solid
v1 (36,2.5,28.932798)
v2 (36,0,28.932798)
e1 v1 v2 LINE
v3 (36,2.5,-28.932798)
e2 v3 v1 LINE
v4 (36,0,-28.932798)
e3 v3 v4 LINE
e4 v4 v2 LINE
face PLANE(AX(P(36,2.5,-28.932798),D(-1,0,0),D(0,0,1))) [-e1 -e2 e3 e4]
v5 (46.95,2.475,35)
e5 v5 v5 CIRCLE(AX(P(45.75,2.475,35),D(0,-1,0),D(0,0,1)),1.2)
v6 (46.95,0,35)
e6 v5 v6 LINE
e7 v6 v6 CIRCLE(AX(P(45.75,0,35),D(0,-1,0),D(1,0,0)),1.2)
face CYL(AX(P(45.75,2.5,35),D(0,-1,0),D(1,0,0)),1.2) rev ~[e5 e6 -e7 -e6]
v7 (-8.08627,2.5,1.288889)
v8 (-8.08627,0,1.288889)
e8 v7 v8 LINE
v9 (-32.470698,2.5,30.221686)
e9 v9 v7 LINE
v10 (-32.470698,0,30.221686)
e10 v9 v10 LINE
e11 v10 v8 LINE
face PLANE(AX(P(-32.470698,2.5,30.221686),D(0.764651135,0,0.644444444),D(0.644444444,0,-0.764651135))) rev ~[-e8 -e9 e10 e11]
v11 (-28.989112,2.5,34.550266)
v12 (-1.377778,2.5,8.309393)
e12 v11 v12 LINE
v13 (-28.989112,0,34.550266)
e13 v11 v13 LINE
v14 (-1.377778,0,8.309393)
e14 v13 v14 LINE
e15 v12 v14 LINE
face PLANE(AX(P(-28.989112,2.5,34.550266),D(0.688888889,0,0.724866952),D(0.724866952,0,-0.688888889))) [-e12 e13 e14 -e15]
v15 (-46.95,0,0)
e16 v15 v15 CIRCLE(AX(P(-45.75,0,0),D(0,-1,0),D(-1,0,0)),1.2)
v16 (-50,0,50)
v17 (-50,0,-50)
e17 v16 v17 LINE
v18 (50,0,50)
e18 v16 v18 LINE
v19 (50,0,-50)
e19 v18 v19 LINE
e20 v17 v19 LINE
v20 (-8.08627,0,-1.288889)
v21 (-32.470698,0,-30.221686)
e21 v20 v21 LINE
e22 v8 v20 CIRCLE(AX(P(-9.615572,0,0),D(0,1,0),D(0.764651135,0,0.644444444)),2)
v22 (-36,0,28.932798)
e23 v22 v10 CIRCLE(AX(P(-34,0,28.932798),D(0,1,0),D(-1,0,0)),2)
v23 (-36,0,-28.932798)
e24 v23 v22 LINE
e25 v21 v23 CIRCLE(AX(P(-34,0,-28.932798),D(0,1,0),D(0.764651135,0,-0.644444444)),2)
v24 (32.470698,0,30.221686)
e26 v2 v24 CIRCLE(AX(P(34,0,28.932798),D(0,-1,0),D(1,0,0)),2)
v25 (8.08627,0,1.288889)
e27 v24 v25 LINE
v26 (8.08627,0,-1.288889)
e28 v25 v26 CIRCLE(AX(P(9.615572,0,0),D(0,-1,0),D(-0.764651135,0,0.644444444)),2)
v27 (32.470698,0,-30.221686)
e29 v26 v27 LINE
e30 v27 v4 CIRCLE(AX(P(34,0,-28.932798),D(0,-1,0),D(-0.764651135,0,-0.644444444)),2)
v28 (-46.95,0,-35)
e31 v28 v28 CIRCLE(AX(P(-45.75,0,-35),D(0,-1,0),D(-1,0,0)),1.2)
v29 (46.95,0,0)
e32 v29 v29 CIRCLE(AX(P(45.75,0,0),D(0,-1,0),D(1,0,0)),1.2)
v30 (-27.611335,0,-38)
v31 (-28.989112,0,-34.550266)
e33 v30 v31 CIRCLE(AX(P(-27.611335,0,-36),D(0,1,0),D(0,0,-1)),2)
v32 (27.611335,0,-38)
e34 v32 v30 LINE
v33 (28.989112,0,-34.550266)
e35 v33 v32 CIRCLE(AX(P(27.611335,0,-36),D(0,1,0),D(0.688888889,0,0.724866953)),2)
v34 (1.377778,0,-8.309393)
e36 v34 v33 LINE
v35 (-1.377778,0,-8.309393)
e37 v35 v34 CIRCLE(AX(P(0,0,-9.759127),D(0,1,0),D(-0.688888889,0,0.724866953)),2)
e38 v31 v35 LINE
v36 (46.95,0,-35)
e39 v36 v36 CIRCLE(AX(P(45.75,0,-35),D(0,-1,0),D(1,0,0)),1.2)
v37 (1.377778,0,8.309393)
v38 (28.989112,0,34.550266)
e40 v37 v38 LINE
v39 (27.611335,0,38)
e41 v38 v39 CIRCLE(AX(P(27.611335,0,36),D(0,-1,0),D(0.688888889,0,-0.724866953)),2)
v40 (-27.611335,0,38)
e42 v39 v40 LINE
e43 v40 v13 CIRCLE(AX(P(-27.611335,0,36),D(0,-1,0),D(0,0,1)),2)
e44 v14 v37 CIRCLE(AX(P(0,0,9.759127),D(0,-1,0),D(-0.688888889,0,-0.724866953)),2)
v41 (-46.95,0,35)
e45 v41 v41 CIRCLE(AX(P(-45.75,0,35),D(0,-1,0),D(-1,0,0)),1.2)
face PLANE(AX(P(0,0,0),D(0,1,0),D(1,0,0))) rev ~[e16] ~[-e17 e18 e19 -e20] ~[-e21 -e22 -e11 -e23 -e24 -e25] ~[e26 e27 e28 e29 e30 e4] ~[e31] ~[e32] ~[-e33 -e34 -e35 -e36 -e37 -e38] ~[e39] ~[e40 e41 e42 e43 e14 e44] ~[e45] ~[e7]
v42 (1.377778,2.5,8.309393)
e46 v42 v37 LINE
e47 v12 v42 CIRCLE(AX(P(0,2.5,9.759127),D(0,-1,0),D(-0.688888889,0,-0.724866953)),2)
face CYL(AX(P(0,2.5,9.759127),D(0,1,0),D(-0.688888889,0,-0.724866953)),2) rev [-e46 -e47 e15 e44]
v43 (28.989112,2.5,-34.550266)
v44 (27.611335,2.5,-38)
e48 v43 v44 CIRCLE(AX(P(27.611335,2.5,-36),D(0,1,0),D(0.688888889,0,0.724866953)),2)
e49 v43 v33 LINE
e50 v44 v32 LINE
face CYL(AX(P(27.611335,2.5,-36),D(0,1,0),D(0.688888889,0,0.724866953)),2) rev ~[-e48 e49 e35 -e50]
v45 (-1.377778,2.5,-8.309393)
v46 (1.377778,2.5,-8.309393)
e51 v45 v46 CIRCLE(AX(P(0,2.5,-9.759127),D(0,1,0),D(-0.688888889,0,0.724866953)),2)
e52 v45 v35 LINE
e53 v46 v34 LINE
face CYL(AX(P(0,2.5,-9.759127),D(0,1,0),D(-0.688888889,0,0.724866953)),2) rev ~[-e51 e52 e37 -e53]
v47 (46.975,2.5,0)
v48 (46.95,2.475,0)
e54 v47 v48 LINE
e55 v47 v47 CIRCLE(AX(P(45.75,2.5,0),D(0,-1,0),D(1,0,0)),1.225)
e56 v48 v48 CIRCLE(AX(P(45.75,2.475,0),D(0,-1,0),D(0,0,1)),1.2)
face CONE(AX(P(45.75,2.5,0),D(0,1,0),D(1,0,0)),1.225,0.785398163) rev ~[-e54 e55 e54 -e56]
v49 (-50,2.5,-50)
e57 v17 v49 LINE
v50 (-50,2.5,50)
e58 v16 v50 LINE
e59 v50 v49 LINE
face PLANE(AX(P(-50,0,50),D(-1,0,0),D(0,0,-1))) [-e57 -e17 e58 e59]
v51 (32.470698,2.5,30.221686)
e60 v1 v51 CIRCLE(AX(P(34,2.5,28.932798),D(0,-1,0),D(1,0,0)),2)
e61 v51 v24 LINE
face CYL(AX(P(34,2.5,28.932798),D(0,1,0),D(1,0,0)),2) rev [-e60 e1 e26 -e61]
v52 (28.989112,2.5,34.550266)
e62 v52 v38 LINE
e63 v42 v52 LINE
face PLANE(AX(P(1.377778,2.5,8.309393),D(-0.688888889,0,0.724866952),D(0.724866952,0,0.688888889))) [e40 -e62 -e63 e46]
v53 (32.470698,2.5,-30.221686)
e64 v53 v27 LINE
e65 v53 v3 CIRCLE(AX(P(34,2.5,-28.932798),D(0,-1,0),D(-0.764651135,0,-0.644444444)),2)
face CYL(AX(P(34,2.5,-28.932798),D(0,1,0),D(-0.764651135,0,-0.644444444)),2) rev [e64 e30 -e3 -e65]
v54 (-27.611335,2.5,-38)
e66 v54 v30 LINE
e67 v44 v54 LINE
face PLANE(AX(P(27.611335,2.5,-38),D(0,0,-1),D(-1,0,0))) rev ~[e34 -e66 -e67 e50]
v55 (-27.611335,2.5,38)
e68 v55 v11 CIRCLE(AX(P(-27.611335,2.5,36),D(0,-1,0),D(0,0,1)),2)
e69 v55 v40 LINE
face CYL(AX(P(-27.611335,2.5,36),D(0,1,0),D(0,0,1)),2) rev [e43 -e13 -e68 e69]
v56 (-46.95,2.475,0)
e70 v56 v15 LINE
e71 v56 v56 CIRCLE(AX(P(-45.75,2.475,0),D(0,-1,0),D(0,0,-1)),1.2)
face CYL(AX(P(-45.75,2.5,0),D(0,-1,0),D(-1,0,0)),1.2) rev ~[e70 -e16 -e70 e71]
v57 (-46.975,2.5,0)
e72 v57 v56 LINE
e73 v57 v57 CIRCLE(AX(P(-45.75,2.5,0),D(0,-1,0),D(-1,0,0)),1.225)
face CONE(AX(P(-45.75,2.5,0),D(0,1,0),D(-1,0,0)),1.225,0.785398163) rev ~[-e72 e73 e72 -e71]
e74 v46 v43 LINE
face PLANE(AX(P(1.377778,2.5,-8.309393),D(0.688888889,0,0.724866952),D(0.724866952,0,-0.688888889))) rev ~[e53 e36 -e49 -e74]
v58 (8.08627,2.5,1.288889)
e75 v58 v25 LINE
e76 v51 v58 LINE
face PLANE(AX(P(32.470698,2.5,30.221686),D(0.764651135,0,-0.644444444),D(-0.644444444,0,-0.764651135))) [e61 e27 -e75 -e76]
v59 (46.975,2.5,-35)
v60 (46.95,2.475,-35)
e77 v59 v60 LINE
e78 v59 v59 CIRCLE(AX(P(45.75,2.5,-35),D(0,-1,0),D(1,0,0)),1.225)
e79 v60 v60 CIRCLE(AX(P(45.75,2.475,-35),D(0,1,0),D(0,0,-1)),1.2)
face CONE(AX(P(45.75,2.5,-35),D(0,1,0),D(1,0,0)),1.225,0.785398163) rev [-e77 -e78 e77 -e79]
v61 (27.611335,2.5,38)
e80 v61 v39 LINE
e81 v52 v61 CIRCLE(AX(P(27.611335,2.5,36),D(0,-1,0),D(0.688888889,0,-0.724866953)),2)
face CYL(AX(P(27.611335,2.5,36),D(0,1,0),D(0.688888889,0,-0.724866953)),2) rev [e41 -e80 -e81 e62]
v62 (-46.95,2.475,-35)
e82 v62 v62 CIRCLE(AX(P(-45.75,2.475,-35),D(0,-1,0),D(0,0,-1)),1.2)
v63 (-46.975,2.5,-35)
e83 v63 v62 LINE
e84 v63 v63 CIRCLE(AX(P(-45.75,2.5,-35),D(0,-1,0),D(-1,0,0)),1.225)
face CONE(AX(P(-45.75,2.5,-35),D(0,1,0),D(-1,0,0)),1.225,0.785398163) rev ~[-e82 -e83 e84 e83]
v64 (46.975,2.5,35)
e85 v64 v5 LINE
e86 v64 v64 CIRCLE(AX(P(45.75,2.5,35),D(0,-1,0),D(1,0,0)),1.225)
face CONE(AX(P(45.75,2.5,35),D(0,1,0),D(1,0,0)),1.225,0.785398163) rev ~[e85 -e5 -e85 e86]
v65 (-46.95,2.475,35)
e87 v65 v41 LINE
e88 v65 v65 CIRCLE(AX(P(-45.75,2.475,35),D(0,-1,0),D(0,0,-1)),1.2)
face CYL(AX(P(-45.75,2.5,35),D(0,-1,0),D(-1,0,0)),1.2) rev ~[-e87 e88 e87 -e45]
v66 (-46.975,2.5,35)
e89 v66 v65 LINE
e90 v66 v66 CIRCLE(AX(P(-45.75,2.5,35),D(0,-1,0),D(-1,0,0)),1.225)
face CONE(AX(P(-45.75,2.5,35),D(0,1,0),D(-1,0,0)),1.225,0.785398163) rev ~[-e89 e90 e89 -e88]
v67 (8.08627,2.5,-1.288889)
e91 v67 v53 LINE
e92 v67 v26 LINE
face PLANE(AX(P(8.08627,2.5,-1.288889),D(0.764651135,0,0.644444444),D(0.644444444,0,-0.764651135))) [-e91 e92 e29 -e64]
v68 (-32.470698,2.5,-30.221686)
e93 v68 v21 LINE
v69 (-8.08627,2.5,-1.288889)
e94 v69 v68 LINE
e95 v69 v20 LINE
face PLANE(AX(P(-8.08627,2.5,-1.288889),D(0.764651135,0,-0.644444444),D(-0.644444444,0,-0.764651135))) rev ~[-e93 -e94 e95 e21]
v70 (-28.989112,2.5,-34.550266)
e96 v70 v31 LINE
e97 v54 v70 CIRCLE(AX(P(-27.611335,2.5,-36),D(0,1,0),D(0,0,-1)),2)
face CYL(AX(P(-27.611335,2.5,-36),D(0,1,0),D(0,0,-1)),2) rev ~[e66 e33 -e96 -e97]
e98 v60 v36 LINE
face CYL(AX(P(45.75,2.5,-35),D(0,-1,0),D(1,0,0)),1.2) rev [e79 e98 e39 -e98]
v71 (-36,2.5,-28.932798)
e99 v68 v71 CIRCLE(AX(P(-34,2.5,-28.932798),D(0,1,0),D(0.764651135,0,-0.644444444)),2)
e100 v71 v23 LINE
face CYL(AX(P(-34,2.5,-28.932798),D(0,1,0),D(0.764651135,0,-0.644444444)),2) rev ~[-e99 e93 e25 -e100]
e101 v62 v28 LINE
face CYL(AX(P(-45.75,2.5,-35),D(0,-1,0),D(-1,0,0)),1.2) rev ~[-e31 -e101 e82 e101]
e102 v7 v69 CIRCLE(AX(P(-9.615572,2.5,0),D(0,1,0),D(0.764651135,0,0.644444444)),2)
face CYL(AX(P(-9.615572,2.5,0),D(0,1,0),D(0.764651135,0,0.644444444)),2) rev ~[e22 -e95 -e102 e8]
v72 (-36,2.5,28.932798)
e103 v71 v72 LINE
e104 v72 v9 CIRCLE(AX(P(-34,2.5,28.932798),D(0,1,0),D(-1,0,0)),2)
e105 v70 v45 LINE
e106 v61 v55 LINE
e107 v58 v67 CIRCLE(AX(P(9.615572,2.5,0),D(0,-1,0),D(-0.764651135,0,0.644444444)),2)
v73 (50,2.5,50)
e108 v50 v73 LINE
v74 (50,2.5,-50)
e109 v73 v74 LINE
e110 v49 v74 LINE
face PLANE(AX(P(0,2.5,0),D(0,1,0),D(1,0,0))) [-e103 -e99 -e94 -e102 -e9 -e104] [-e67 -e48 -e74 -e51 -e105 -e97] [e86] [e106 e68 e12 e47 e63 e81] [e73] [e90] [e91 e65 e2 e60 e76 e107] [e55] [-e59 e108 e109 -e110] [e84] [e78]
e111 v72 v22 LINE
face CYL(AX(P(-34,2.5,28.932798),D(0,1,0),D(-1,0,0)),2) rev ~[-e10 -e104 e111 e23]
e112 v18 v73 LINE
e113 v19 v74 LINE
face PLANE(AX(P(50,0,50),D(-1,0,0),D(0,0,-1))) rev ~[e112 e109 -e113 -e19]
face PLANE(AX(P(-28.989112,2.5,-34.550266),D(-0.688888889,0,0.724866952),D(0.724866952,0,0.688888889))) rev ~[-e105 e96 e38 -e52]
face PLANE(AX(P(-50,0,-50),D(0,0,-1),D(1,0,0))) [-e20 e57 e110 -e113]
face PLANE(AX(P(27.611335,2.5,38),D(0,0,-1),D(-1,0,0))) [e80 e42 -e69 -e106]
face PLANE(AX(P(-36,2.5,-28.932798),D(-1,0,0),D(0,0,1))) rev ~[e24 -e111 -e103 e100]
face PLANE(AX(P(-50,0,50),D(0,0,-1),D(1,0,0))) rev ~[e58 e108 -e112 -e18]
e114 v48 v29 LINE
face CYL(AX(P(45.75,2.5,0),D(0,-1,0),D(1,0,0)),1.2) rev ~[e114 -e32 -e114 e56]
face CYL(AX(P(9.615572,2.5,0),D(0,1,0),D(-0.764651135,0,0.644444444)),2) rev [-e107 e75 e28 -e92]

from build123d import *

# Parameters (mm, degrees)
SKETCH2_W                      = 100
SKETCH2_H                      = 100
BOSS_EXTRUDE1_DEPTH            = 2.5
M2_CLEARANCE_HOLE1_D           = 2.4
M2_CLEARANCE_HOLE1_CSINK_D     = 2.45
M2_CLEARANCE_HOLE1_CSINK_ANGLE = 90
LPATTERN1_COUNT                = 3
LPATTERN1_PITCH                = 35
MIRROR1_COPY_1_D               = 2.4
MIRROR1_COPY_1_CSINK_D         = 2.45
MIRROR1_COPY_1_CSINK_ANGLE     = 90
MIRROR1_COPY_2_D               = 2.4
MIRROR1_COPY_2_CSINK_D         = 2.45
MIRROR1_COPY_2_CSINK_ANGLE     = 90
CUT_EXTRUDE1_DEPTH             = 2.5


with BuildPart() as part:
    # Sketch2 → Boss-Extrude1 (new body)
    with BuildSketch(Plane(origin=(0, 0, 0), x_dir=(1, 0, 0), z_dir=(0, 1, 0))):
        Rectangle(SKETCH2_W, SKETCH2_H)
    extrude(amount=BOSS_EXTRUDE1_DEPTH)

    # M2 Clearance Hole1 (through all)
    with Locations(Plane(origin=(0, 2.5, 0), x_dir=(1, 0, 0), z_dir=(0, 1, 0))):
        with Locations((-45.75, 35)):
            m2_clearance_hole1 = CounterSinkHole(M2_CLEARANCE_HOLE1_D / 2, M2_CLEARANCE_HOLE1_CSINK_D / 2, counter_sink_angle=M2_CLEARANCE_HOLE1_CSINK_ANGLE)

    # LPattern1: M2 Clearance Hole1 ×3
    with Locations(*[(0, 0, i * LPATTERN1_PITCH) for i in range(1, LPATTERN1_COUNT)]):
        add(m2_clearance_hole1, mode=Mode.SUBTRACT)

    # Mirror1: M2 Clearance Hole1 across plane
    add(m2_clearance_hole1.mirror(Plane(origin=(0, 0, 0), x_dir=(0, 0, 1), z_dir=(1, 0, 0))), mode=Mode.SUBTRACT)

    # Mirror1 copy 1 (through all)
    with Locations(Plane(origin=(0, 2.5, 35), x_dir=(-1, 0, 0), z_dir=(0, 1, 0))):
        with Locations((-45.75, -35)):
            CounterSinkHole(MIRROR1_COPY_1_D / 2, MIRROR1_COPY_1_CSINK_D / 2, counter_sink_angle=MIRROR1_COPY_1_CSINK_ANGLE)

    # Mirror1 copy 2 (through all)
    with Locations(Plane(origin=(0, 2.5, 70), x_dir=(-1, 0, 0), z_dir=(0, 1, 0))):
        with Locations((-45.75, -35)):
            CounterSinkHole(MIRROR1_COPY_2_D / 2, MIRROR1_COPY_2_CSINK_D / 2, counter_sink_angle=MIRROR1_COPY_2_CSINK_ANGLE)

    # Sketch5 → Cut-Extrude1 (cut)
    with BuildSketch(Plane(origin=(0, 2.5, 0), x_dir=(1, 0, 0), z_dir=(0, 1, 0))):
        with BuildLine():
            Line((1.377777778, 8.309393123), (28.989112389, 34.550266095))
            ThreePointArc((28.989112389, 34.550266095), (29.468680542, 36.741799228), (27.611334612, 38))
            Line((27.611334612, 38), (-27.611334612, 38))
            ThreePointArc((-27.611334612, 38), (-29.468680542, 36.741799228), (-28.989112389, 34.550266095))
            Line((-28.989112389, 34.550266095), (-1.377777778, 8.309393123))
            ThreePointArc((-1.377777778, 8.309393123), (0, 7.759127028), (1.377777778, 8.309393123))
        make_face()
        with BuildLine():
            Line((27.611334612, -38), (-27.611334612, -38))
            ThreePointArc((-27.611334612, -38), (-29.468680542, -36.741799228), (-28.989112389, -34.550266095))
            Line((-28.989112389, -34.550266095), (-1.377777778, -8.309393123))
            ThreePointArc((-1.377777778, -8.309393123), (0, -7.759127028), (1.377777778, -8.309393123))
            Line((1.377777778, -8.309393123), (28.989112389, -34.550266095))
            ThreePointArc((28.989112389, -34.550266095), (29.468680542, -36.741799228), (27.611334612, -38))
        make_face()
        with BuildLine():
            Line((-36, 28.932797546), (-36, -28.932797546))
            ThreePointArc((-36, -28.932797546), (-34.686074143, -30.811441278), (-32.47069773, -30.221686435))
            Line((-32.47069773, -30.221686435), (-8.086269602, -1.288888889))
            ThreePointArc((-8.086269602, -1.288888889), (-7.615571872, 0), (-8.086269602, 1.288888889))
            Line((-8.086269602, 1.288888889), (-32.47069773, 30.221686435))
            ThreePointArc((-32.47069773, 30.221686435), (-34.686074143, 30.811441278), (-36, 28.932797546))
        make_face()
        with BuildLine():
            Line((32.47069773, -30.221686435), (8.086269602, -1.288888889))
            ThreePointArc((8.086269602, -1.288888889), (7.615571872, 0), (8.086269602, 1.288888889))
            Line((8.086269602, 1.288888889), (32.47069773, 30.221686435))
            ThreePointArc((32.47069773, 30.221686435), (34.686074143, 30.811441278), (36, 28.932797546))
            Line((36, 28.932797546), (36, -28.932797546))
            ThreePointArc((36, -28.932797546), (34.686074143, -30.811441278), (32.47069773, -30.221686435))
        make_face()
    extrude(amount=-CUT_EXTRUDE1_DEPTH, mode=Mode.SUBTRACT)


solid = part.part
